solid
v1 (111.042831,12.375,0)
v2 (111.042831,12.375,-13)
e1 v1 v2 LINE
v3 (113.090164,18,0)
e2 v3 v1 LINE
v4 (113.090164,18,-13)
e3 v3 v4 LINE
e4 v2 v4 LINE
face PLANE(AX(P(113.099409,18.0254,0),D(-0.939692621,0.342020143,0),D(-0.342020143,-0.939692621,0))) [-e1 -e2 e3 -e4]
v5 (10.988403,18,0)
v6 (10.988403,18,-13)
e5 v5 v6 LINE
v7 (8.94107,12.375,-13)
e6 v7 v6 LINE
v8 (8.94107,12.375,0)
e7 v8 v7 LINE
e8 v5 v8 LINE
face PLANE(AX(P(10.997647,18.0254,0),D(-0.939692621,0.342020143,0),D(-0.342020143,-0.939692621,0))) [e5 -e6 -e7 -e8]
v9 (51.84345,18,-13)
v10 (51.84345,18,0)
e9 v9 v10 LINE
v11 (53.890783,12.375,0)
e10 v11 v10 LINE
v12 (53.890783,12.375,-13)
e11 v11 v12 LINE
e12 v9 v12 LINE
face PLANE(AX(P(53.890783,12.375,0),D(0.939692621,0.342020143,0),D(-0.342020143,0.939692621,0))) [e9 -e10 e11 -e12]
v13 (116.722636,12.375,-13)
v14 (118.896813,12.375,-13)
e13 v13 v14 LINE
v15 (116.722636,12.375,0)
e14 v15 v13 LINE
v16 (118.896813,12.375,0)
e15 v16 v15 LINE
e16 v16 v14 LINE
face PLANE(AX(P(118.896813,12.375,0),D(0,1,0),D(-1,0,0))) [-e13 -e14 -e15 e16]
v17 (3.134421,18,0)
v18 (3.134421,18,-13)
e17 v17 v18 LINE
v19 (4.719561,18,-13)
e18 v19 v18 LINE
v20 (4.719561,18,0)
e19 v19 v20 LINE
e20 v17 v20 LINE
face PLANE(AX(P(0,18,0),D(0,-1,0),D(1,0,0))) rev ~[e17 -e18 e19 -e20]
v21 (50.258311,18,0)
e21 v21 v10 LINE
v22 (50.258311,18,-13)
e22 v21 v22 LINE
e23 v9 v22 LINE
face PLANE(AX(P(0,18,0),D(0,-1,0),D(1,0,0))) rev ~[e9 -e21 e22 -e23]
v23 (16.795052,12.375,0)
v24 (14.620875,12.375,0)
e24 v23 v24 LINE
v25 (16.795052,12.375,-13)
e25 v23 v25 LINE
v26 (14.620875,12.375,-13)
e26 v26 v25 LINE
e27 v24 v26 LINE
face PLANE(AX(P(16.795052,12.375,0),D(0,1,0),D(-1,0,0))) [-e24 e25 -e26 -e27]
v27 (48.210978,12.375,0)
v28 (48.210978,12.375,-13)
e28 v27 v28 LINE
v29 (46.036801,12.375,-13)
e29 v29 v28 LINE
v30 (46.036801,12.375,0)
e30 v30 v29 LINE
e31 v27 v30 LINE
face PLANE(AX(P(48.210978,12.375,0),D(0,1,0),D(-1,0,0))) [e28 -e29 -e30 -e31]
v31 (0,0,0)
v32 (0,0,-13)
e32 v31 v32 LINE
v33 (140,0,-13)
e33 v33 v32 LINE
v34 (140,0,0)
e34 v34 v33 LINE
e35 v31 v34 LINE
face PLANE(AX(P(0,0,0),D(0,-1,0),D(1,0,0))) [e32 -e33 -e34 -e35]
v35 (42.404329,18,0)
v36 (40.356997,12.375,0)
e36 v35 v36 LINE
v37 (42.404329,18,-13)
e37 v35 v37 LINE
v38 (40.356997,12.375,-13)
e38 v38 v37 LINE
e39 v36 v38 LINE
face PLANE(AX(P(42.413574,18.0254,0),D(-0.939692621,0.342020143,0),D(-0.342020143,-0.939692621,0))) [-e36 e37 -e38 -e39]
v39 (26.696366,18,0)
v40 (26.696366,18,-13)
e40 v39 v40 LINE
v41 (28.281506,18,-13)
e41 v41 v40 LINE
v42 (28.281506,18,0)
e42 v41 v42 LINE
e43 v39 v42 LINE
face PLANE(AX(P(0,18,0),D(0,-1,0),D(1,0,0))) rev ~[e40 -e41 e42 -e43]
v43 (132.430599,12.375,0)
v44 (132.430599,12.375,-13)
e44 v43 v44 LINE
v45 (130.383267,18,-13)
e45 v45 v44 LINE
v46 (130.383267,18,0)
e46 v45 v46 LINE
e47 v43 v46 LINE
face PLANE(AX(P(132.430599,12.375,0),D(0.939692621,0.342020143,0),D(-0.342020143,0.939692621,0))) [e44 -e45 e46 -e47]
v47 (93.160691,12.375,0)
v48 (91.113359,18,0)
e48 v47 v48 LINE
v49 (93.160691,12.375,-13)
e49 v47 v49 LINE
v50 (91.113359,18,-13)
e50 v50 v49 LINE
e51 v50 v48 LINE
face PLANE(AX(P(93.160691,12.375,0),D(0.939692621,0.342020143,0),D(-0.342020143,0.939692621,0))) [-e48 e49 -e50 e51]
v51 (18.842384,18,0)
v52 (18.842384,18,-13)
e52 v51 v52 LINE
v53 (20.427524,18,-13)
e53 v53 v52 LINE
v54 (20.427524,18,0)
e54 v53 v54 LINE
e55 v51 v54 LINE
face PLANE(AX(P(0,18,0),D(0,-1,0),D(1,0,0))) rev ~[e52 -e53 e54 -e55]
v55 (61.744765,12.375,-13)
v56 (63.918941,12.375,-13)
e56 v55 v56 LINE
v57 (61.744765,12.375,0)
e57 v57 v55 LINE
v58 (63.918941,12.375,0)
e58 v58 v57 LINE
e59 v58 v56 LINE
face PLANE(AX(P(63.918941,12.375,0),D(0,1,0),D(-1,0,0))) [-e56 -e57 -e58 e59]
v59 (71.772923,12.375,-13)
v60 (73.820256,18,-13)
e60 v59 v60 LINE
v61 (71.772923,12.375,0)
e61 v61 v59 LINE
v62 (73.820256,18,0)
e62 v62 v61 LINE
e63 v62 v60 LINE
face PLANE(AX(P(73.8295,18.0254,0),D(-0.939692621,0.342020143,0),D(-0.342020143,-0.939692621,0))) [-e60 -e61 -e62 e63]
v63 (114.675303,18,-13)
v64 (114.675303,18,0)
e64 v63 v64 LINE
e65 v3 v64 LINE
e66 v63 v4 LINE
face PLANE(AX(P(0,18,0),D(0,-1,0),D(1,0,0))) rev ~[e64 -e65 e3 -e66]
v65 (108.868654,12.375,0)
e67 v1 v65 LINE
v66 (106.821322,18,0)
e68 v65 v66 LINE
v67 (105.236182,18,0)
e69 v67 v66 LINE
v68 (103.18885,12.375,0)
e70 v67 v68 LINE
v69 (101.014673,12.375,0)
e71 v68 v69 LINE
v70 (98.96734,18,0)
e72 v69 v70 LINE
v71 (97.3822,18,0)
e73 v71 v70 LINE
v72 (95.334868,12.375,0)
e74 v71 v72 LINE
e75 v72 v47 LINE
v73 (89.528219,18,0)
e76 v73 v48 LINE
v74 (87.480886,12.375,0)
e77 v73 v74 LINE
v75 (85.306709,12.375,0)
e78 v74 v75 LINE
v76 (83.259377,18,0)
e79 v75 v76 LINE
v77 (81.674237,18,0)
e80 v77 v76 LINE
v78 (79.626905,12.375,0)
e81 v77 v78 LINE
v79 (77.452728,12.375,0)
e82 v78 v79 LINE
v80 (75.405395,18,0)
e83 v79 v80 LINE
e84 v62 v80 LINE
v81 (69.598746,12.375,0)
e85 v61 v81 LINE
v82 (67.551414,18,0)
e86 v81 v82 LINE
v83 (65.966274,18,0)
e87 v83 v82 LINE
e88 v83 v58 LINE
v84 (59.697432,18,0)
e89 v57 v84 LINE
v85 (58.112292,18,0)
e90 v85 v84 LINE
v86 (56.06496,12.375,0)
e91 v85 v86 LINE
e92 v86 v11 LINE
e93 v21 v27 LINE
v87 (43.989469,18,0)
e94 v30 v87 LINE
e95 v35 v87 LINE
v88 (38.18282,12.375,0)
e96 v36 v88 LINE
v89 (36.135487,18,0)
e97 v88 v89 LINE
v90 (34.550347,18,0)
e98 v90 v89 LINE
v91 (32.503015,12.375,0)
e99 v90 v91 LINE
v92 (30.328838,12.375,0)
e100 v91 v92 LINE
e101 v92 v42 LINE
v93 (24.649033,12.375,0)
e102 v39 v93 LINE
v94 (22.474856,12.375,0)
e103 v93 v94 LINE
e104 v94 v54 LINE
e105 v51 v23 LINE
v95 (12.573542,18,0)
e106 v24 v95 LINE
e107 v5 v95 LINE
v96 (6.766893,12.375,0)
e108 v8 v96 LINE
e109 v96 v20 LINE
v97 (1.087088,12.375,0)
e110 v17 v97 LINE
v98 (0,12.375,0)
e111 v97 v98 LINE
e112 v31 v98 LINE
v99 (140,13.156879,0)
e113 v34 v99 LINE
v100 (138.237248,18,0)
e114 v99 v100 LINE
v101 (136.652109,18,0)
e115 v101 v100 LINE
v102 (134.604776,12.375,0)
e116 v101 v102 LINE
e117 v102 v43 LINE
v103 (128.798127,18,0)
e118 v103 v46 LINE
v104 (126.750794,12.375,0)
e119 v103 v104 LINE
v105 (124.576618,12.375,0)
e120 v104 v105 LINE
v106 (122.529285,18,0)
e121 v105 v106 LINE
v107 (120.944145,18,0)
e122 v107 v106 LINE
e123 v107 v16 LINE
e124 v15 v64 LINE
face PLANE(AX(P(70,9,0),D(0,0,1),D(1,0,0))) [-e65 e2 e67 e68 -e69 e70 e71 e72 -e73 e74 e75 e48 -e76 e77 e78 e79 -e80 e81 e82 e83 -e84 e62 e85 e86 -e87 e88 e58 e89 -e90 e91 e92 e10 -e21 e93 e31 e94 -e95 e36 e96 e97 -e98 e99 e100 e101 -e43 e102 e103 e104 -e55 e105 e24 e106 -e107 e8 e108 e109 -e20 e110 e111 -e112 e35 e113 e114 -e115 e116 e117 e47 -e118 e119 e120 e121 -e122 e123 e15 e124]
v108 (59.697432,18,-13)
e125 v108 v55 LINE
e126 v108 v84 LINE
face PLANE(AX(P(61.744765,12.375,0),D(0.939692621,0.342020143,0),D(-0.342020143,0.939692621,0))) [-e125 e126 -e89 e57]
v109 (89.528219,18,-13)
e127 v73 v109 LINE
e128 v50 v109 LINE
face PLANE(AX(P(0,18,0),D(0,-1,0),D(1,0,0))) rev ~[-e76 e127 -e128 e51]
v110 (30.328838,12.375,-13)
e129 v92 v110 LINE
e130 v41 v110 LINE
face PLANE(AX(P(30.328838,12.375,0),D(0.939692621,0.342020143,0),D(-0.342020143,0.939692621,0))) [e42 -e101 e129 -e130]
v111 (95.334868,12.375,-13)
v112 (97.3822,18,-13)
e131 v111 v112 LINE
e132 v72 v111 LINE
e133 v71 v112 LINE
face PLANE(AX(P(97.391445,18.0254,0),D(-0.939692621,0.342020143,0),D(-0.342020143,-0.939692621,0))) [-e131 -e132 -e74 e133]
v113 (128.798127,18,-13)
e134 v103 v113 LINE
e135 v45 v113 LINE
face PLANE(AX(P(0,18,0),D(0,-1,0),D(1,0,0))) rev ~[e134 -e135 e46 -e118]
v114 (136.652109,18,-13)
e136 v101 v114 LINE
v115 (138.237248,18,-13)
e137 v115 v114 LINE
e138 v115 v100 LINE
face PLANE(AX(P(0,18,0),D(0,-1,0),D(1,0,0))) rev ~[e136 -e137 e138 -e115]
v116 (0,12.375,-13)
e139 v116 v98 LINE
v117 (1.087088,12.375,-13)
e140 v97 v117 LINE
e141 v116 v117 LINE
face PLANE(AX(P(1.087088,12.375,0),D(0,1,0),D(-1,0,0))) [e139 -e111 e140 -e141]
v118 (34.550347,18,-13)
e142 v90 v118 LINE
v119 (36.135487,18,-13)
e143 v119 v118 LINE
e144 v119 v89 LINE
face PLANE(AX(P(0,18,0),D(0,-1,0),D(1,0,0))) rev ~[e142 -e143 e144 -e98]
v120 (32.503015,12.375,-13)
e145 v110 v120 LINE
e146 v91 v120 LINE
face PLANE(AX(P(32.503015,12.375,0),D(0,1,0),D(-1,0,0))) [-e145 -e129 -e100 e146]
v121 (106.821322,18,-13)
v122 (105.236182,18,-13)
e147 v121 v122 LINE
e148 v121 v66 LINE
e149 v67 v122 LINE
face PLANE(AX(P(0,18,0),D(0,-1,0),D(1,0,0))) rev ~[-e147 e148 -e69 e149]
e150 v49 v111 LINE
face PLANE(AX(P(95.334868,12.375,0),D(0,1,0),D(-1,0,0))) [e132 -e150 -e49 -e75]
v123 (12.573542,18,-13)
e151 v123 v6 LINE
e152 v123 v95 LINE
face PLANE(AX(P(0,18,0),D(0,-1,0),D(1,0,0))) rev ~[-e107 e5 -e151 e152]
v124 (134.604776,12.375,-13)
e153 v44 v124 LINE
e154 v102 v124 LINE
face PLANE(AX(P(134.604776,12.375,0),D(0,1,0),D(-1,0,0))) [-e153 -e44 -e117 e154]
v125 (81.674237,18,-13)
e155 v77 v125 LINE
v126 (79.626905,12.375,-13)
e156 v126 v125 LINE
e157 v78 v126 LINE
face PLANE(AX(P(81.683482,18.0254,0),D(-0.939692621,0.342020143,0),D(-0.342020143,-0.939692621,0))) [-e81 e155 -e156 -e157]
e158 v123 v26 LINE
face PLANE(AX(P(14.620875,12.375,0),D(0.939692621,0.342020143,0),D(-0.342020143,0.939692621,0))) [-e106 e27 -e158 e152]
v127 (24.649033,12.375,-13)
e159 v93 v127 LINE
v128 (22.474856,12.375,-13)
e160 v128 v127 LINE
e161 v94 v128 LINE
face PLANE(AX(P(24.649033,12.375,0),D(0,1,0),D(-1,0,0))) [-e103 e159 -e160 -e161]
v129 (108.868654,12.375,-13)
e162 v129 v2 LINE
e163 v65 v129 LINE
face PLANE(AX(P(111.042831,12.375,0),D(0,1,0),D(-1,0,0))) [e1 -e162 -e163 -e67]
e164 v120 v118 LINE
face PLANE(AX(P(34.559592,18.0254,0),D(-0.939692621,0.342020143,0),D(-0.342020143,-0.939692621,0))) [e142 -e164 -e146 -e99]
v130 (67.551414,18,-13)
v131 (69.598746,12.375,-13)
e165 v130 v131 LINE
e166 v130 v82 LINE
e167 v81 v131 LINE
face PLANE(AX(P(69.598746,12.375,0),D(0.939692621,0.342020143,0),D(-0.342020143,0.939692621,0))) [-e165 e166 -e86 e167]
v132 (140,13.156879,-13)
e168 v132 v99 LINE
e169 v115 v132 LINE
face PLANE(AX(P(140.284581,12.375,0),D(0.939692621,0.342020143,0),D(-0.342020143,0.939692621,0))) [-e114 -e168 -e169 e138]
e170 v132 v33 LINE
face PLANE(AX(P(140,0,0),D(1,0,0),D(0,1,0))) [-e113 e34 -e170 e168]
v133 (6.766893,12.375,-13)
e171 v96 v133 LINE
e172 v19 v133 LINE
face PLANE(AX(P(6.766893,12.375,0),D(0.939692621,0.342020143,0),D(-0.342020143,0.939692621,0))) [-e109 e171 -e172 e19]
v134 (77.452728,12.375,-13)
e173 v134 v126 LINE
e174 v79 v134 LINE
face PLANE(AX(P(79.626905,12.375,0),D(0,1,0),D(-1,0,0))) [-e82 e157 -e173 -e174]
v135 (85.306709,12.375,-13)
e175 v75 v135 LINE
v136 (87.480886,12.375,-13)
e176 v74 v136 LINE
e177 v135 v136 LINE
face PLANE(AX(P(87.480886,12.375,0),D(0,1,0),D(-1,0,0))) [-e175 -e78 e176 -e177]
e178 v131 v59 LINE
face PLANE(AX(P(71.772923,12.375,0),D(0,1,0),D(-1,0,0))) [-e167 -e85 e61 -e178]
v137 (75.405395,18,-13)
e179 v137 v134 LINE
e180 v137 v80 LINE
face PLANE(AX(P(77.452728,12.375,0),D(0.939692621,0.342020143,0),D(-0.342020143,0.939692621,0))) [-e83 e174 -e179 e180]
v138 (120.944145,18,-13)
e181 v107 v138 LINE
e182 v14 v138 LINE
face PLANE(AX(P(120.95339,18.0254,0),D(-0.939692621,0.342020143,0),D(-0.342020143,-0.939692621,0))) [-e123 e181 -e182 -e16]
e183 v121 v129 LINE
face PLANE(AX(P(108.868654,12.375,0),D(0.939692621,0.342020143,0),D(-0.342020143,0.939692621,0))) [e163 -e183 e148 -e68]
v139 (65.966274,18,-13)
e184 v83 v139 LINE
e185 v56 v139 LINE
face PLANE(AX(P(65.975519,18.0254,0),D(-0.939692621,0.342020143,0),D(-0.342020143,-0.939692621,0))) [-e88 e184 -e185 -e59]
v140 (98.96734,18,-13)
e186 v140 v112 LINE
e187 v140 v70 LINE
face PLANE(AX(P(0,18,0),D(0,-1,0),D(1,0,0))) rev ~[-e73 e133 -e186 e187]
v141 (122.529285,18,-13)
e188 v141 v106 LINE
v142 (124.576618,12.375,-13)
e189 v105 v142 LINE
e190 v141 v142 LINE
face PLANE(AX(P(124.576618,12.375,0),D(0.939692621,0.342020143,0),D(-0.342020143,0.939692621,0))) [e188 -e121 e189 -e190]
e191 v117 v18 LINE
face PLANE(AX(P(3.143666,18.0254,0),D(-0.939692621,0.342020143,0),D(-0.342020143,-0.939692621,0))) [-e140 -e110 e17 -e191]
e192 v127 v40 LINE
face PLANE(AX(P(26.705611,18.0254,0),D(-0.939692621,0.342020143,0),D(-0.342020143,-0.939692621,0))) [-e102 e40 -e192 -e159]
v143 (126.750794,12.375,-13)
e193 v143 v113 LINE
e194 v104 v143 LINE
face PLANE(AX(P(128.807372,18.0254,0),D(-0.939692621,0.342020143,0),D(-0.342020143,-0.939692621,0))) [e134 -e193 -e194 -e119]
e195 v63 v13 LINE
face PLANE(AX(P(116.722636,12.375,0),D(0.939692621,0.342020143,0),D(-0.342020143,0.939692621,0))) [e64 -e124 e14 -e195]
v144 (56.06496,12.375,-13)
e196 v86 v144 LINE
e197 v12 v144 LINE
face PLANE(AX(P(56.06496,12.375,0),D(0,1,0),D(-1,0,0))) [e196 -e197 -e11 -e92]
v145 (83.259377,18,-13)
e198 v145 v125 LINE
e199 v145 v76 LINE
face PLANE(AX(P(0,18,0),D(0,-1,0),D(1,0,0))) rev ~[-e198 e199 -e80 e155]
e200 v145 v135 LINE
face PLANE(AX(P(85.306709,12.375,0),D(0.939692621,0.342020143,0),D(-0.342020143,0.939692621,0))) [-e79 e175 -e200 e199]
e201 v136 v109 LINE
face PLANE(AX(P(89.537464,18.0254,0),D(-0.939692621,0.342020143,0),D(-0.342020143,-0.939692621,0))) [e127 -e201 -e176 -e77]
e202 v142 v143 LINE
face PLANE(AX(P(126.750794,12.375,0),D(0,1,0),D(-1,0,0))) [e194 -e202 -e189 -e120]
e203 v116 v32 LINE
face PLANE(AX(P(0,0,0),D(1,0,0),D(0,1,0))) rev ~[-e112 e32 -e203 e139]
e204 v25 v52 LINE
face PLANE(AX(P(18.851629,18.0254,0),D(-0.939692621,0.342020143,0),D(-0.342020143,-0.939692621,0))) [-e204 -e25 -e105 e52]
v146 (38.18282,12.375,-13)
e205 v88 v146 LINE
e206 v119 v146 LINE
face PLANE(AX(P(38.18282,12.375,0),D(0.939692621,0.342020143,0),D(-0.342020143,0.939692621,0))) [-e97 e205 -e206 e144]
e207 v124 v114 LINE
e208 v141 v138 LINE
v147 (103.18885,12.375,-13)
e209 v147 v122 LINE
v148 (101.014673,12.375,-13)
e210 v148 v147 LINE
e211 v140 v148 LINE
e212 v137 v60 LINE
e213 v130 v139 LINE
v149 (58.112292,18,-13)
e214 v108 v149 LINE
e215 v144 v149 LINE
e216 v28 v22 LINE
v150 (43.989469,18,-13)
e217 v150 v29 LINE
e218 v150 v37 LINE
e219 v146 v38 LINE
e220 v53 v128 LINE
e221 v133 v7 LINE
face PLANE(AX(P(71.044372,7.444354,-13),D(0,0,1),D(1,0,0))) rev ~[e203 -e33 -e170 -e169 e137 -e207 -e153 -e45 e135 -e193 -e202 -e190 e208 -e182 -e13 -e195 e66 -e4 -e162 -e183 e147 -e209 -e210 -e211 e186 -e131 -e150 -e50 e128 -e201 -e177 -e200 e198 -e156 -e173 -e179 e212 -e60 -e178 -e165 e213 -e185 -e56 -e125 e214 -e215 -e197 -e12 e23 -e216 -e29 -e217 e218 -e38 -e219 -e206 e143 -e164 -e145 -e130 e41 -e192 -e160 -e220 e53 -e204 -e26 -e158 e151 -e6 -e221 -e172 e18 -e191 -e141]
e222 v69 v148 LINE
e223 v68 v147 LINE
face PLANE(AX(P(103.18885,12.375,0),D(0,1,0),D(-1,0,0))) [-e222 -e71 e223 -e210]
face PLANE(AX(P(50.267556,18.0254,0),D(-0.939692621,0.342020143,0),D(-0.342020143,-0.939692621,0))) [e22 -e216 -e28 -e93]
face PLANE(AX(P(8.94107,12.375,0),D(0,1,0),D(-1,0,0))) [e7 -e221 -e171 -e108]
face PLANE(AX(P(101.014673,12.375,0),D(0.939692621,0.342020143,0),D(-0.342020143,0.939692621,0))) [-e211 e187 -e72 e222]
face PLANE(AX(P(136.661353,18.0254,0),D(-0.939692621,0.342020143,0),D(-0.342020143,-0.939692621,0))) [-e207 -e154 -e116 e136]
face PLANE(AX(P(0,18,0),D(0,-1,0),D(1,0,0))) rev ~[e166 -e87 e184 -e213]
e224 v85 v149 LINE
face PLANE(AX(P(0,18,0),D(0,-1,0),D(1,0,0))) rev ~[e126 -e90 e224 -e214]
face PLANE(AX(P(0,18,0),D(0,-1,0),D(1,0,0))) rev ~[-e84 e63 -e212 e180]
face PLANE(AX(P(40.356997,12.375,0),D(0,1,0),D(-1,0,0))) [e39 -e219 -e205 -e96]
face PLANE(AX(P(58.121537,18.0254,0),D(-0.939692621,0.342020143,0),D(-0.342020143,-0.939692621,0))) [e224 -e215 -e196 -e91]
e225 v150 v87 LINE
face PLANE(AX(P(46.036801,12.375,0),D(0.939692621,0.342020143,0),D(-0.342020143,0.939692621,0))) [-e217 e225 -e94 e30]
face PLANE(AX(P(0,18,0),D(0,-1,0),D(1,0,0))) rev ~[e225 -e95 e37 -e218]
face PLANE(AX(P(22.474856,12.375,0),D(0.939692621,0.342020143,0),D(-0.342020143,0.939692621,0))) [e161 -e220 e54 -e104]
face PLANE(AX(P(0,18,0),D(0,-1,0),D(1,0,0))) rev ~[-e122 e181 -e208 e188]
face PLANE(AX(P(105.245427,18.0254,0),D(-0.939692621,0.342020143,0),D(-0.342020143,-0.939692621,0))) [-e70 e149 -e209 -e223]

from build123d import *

# Parameters (mm, degrees)
BLANKSKE_W         = 140
BLANKSKE_H         = 18
BLANK_DEPTH        = 15
TOOTHCUTSIM_DEPTH  = 142.947173272
TEETHCUTS_COUNT    = 19
TEETHCUTS_PITCH    = 7.853981625
SKETCH1_W          = 155.727496732
SKETCH1_H          = 72.883147076
CUT_EXTRUDE2_DEPTH = 2


with BuildPart() as part:
    # BlankSke → Blank (new body)
    with BuildSketch(Plane.XY):
        with Locations((70, 9)):
            Rectangle(BLANKSKE_W, BLANKSKE_H)
    extrude(amount=-BLANK_DEPTH)

    # TooCutSkeSim → ToothCutSim (cut, through all)
    with BuildSketch(Plane.XY):
        Polygon((1.087088424, 12.375), (-1.087088424, 12.375), (-3.143665836, 18.0254), (3.143665836, 18.0254), align=None)
    toothcutsim = extrude(amount=-TOOTHCUTSIM_DEPTH, mode=Mode.SUBTRACT)

    # TeethCuts: ToothCutSim ×19
    with Locations(*[(i * TEETHCUTS_PITCH, 0, 0) for i in range(1, TEETHCUTS_COUNT)]):
        add(toothcutsim, mode=Mode.SUBTRACT)

    # Sketch1 → Cut-Extrude2 (cut)
    with BuildSketch(Plane.XY.offset(-15)):
        with Locations((71.044371672, 7.444354081)):
            Rectangle(SKETCH1_W, SKETCH1_H)
    extrude(amount=CUT_EXTRUDE2_DEPTH, mode=Mode.SUBTRACT)


solid = part.part
